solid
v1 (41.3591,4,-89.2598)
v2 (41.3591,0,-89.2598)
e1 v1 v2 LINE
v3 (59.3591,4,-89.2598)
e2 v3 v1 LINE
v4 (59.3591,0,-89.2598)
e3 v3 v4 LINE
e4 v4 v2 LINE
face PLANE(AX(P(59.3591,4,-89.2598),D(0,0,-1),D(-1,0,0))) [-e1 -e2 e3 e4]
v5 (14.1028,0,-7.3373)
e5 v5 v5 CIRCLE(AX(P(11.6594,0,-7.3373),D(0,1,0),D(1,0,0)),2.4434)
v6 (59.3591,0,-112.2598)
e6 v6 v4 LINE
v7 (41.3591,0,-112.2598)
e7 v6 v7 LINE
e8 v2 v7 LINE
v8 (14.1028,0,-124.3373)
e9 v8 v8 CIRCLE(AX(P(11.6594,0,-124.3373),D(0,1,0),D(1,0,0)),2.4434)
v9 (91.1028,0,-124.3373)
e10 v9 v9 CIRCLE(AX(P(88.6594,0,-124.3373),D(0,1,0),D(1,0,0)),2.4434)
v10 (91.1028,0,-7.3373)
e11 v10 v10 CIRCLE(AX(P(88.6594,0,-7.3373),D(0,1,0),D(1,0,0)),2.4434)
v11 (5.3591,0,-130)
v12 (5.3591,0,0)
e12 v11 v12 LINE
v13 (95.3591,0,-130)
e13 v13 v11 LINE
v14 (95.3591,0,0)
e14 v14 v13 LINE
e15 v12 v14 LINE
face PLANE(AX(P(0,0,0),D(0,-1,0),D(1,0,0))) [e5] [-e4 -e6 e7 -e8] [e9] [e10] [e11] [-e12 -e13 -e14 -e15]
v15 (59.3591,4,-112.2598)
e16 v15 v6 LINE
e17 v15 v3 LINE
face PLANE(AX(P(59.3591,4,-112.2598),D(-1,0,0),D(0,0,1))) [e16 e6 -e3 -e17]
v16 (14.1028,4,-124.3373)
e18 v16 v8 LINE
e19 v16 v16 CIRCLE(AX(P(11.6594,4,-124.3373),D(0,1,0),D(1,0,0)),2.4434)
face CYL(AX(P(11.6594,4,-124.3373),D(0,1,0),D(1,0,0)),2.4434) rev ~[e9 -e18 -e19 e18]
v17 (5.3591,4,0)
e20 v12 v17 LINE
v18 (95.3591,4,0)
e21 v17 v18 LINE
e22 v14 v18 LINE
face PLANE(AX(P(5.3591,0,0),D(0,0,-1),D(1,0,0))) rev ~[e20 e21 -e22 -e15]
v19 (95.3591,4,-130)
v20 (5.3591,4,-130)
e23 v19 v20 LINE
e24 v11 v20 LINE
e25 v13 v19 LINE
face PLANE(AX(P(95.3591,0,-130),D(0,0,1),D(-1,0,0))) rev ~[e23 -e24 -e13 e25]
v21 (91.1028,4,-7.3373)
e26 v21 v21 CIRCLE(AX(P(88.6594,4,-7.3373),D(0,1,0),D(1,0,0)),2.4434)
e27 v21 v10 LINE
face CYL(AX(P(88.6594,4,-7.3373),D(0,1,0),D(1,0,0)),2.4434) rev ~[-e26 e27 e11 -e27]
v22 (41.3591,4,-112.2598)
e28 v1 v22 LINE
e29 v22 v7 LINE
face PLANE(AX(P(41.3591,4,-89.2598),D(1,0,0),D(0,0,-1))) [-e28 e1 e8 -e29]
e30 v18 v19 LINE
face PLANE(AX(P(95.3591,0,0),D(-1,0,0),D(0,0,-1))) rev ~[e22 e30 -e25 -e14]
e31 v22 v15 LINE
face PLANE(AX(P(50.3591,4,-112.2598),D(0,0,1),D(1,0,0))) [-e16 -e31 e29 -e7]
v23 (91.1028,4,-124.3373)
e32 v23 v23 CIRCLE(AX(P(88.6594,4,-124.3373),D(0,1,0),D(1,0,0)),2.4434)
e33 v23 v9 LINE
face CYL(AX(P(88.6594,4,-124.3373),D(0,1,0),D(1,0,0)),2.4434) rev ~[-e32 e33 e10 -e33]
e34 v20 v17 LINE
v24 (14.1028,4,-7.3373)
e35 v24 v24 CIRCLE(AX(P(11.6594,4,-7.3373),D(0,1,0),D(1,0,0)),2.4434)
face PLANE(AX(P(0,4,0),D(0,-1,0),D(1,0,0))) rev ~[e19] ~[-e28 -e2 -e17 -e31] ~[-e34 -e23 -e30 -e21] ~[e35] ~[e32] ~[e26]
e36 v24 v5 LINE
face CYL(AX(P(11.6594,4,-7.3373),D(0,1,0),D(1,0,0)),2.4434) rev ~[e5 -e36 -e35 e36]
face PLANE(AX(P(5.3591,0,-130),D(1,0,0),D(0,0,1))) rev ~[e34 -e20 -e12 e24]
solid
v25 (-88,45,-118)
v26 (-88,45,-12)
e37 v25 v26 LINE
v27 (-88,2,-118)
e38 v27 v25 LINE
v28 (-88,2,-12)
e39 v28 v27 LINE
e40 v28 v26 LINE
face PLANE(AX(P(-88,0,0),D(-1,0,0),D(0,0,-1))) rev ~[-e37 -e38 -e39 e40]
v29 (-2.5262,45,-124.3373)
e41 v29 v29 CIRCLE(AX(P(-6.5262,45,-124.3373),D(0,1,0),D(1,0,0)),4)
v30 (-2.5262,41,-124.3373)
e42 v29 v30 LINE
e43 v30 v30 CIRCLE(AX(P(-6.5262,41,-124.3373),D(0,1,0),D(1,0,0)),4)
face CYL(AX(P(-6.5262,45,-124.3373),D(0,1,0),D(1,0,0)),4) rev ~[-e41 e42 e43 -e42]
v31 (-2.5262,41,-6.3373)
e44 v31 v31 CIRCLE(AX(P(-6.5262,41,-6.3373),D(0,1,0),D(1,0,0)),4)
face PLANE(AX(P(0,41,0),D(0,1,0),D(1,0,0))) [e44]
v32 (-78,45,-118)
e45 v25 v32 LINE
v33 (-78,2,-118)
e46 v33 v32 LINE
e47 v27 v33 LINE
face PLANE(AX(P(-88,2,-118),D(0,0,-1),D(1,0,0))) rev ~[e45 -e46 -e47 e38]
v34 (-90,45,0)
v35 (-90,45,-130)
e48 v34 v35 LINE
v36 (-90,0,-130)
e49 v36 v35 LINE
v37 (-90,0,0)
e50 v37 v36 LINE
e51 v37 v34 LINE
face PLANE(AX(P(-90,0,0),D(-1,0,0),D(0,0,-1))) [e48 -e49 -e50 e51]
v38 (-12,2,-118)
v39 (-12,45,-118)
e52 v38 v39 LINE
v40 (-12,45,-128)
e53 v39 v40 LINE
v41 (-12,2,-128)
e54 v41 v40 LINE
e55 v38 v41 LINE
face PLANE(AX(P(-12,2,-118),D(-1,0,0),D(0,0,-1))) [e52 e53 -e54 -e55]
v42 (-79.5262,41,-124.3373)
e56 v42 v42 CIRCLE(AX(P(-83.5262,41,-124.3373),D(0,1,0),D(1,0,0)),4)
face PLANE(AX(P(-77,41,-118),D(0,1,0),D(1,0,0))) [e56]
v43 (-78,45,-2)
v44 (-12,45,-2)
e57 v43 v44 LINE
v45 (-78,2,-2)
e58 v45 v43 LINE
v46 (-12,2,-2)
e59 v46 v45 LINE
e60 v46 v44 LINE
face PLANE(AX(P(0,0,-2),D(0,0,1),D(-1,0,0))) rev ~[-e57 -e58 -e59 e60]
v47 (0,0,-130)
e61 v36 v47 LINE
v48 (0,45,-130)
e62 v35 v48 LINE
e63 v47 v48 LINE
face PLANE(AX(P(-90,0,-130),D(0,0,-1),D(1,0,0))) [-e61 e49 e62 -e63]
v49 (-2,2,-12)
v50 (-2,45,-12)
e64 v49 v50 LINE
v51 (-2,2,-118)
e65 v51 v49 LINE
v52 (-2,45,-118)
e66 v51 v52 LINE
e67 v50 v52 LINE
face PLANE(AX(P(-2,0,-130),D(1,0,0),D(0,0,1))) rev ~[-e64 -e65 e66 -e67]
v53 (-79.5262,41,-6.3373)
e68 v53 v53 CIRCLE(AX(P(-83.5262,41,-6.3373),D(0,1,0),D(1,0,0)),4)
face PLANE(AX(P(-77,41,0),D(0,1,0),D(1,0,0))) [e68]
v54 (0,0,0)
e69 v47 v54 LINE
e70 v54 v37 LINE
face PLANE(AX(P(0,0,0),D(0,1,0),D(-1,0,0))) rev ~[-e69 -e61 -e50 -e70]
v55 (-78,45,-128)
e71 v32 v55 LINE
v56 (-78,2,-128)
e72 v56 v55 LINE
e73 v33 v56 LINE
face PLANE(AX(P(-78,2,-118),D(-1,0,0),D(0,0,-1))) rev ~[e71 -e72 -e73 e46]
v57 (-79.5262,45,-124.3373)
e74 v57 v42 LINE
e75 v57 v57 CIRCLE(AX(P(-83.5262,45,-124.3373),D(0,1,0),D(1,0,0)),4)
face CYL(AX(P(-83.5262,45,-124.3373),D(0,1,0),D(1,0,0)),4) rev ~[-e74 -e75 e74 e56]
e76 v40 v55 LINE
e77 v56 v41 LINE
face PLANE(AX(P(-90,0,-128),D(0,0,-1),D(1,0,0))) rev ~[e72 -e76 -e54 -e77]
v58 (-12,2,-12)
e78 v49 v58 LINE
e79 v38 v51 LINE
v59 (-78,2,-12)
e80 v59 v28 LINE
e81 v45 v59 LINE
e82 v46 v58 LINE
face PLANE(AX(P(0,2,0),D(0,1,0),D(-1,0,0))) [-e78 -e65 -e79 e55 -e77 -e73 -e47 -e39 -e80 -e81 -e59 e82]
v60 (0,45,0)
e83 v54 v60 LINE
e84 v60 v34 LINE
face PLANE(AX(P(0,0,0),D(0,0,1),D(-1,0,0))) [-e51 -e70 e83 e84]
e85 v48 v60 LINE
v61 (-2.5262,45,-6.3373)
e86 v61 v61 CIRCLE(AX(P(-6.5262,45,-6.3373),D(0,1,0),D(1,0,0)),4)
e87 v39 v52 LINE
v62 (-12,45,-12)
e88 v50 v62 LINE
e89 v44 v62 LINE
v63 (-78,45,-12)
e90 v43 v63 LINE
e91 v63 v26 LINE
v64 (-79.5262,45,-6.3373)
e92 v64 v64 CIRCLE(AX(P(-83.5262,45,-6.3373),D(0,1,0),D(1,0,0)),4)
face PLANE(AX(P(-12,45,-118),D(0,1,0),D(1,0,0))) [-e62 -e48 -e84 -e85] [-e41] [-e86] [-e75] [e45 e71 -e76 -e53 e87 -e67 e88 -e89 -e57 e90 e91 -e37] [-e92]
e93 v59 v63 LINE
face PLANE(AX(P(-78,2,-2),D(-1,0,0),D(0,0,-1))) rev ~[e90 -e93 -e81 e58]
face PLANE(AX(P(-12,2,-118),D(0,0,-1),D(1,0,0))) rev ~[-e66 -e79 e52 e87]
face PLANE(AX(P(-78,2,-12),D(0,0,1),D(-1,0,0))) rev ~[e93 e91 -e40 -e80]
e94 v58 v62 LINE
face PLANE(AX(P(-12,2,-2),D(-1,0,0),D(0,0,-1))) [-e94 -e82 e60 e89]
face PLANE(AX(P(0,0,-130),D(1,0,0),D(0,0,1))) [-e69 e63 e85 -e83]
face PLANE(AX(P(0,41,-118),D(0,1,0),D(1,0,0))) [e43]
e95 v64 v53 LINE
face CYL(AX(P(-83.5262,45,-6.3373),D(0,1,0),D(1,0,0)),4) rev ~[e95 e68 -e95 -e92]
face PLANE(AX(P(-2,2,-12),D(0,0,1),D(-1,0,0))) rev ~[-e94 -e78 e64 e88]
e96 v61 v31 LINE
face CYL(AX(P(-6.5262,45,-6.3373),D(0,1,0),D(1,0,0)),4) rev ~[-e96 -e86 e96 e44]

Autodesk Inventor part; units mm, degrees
ref_plane "YZ Plane" through (0, 0, 0) normal (1, 0, 0) x (0, 1, 0)
ref_plane "XZ Plane" through (0, 0, 0) normal (0, 1, 0) x (-1, 0, 0)
ref_plane "XY Plane" through (0, 0, 0) normal (0, 0, 1) x (1, 0, 0)
sketch "Sketch1" plane through (0, 0, 0) normal (0, 1, 0) x (-1, 0, 0)
  line L0 (0, 0) -> (90, 0)
  line L1 (90, 0) -> (90, -130)
  line L2 (90, -130) -> (0, -130)
  line L3 (0, -130) -> (0, 0)
  dimension "d0" = 90
  dimension "d1" = 130
extrude "Extrusion1" add sketch "Sketch1" along normal blind 45
shell "Shell1" thickness 2 removed faces 1 at (-30, 45, -43.3333)
sketch "Sketch2" plane through (-88, 2, -2) normal (0, 1, 0) x (1, 0, 0)
  line L0 (0, 0) -> (0, 126) projected
  line L1 (0, 0) -> (10, 0)
  line L2 (10, 0) -> (10, 10)
  line L3 (10, 10) -> (0, 10)
  line L4 (0, 10) -> (0, 0)
  point P0 (88, -2)
  dimension "d5" = 10
  dimension "d6" = 10
extrude "Extrusion2" add sketch "Sketch2" along normal blind 43
pattern_linear "Rectangular Pattern1" count 2 spacing 116 along (0, 0, -1) count 2 spacing 76 along (1, 0, 0) of "Extrusion2"
sketch "Sketch3" plane through (0, 45, 0) normal (0, 1, 0) x (1, 0, 0)
  circle A0 centre (-6.5262, 6.3373) radius 4
  point P0 (0, 0)
  dimension "d15" = 8
extrude "Extrusion3" cut sketch "Sketch3" against normal blind 4
pattern_linear "Rectangular Pattern2" count 2 spacing 118 along (0, 0, -1) count 2 spacing 77 along (-1, 0, 0) of "Extrusion3"
sketch "Sketch7" plane through (0, 0, 0) normal (0, -1, 0) x (1, 0, 0)
  line L0 (5.3591, 0) -> (95.3591, 0)
  line L1 (95.3591, 0) -> (95.3591, -130)
  line L2 (95.3591, -130) -> (5.3591, -130)
  line L3 (5.3591, -130) -> (5.3591, 0)
  point P0 (0, 0)
  dimension "d41" = 90
  dimension "d42" = 130
extrude "Extrusion7" add sketch "Sketch7" against normal blind 4
sketch "Sketch8" plane through (0, 4, 0) normal (0, 1, 0) x (1, 0, 0)
  circle A0 centre (11.6594, 124.3373) radius 2.4434
  point P0 (0, 0)
extrude "Extrusion8" cut sketch "Sketch8" against normal blind 4
pattern_linear "Rectangular Pattern4" count 2 spacing 77 along (1, 0, 0) count 2 spacing 117 along (0, 0, 1) of "Extrusion8"
sketch "Sketch9" plane through (0, 4, 0) normal (0, 1, 0) x (1, 0, 0)
  line L0 (50.3591, 112.2598) -> (59.3591, 112.2598)
  line L1 (59.3591, 112.2598) -> (59.3591, 89.2598)
  line L2 (59.3591, 89.2598) -> (41.3591, 89.2598)
  line L3 (41.3591, 89.2598) -> (41.3591, 112.2598)
  line L4 (41.3591, 112.2598) -> (50.3591, 112.2598)
  point P0 (0, 0)
  dimension "d53" = 9
  dimension "d54" = 23
  dimension "d55" = 18
extrude "Extrusion9" cut sketch "Sketch9" against normal blind 4
properties part number "Box"
